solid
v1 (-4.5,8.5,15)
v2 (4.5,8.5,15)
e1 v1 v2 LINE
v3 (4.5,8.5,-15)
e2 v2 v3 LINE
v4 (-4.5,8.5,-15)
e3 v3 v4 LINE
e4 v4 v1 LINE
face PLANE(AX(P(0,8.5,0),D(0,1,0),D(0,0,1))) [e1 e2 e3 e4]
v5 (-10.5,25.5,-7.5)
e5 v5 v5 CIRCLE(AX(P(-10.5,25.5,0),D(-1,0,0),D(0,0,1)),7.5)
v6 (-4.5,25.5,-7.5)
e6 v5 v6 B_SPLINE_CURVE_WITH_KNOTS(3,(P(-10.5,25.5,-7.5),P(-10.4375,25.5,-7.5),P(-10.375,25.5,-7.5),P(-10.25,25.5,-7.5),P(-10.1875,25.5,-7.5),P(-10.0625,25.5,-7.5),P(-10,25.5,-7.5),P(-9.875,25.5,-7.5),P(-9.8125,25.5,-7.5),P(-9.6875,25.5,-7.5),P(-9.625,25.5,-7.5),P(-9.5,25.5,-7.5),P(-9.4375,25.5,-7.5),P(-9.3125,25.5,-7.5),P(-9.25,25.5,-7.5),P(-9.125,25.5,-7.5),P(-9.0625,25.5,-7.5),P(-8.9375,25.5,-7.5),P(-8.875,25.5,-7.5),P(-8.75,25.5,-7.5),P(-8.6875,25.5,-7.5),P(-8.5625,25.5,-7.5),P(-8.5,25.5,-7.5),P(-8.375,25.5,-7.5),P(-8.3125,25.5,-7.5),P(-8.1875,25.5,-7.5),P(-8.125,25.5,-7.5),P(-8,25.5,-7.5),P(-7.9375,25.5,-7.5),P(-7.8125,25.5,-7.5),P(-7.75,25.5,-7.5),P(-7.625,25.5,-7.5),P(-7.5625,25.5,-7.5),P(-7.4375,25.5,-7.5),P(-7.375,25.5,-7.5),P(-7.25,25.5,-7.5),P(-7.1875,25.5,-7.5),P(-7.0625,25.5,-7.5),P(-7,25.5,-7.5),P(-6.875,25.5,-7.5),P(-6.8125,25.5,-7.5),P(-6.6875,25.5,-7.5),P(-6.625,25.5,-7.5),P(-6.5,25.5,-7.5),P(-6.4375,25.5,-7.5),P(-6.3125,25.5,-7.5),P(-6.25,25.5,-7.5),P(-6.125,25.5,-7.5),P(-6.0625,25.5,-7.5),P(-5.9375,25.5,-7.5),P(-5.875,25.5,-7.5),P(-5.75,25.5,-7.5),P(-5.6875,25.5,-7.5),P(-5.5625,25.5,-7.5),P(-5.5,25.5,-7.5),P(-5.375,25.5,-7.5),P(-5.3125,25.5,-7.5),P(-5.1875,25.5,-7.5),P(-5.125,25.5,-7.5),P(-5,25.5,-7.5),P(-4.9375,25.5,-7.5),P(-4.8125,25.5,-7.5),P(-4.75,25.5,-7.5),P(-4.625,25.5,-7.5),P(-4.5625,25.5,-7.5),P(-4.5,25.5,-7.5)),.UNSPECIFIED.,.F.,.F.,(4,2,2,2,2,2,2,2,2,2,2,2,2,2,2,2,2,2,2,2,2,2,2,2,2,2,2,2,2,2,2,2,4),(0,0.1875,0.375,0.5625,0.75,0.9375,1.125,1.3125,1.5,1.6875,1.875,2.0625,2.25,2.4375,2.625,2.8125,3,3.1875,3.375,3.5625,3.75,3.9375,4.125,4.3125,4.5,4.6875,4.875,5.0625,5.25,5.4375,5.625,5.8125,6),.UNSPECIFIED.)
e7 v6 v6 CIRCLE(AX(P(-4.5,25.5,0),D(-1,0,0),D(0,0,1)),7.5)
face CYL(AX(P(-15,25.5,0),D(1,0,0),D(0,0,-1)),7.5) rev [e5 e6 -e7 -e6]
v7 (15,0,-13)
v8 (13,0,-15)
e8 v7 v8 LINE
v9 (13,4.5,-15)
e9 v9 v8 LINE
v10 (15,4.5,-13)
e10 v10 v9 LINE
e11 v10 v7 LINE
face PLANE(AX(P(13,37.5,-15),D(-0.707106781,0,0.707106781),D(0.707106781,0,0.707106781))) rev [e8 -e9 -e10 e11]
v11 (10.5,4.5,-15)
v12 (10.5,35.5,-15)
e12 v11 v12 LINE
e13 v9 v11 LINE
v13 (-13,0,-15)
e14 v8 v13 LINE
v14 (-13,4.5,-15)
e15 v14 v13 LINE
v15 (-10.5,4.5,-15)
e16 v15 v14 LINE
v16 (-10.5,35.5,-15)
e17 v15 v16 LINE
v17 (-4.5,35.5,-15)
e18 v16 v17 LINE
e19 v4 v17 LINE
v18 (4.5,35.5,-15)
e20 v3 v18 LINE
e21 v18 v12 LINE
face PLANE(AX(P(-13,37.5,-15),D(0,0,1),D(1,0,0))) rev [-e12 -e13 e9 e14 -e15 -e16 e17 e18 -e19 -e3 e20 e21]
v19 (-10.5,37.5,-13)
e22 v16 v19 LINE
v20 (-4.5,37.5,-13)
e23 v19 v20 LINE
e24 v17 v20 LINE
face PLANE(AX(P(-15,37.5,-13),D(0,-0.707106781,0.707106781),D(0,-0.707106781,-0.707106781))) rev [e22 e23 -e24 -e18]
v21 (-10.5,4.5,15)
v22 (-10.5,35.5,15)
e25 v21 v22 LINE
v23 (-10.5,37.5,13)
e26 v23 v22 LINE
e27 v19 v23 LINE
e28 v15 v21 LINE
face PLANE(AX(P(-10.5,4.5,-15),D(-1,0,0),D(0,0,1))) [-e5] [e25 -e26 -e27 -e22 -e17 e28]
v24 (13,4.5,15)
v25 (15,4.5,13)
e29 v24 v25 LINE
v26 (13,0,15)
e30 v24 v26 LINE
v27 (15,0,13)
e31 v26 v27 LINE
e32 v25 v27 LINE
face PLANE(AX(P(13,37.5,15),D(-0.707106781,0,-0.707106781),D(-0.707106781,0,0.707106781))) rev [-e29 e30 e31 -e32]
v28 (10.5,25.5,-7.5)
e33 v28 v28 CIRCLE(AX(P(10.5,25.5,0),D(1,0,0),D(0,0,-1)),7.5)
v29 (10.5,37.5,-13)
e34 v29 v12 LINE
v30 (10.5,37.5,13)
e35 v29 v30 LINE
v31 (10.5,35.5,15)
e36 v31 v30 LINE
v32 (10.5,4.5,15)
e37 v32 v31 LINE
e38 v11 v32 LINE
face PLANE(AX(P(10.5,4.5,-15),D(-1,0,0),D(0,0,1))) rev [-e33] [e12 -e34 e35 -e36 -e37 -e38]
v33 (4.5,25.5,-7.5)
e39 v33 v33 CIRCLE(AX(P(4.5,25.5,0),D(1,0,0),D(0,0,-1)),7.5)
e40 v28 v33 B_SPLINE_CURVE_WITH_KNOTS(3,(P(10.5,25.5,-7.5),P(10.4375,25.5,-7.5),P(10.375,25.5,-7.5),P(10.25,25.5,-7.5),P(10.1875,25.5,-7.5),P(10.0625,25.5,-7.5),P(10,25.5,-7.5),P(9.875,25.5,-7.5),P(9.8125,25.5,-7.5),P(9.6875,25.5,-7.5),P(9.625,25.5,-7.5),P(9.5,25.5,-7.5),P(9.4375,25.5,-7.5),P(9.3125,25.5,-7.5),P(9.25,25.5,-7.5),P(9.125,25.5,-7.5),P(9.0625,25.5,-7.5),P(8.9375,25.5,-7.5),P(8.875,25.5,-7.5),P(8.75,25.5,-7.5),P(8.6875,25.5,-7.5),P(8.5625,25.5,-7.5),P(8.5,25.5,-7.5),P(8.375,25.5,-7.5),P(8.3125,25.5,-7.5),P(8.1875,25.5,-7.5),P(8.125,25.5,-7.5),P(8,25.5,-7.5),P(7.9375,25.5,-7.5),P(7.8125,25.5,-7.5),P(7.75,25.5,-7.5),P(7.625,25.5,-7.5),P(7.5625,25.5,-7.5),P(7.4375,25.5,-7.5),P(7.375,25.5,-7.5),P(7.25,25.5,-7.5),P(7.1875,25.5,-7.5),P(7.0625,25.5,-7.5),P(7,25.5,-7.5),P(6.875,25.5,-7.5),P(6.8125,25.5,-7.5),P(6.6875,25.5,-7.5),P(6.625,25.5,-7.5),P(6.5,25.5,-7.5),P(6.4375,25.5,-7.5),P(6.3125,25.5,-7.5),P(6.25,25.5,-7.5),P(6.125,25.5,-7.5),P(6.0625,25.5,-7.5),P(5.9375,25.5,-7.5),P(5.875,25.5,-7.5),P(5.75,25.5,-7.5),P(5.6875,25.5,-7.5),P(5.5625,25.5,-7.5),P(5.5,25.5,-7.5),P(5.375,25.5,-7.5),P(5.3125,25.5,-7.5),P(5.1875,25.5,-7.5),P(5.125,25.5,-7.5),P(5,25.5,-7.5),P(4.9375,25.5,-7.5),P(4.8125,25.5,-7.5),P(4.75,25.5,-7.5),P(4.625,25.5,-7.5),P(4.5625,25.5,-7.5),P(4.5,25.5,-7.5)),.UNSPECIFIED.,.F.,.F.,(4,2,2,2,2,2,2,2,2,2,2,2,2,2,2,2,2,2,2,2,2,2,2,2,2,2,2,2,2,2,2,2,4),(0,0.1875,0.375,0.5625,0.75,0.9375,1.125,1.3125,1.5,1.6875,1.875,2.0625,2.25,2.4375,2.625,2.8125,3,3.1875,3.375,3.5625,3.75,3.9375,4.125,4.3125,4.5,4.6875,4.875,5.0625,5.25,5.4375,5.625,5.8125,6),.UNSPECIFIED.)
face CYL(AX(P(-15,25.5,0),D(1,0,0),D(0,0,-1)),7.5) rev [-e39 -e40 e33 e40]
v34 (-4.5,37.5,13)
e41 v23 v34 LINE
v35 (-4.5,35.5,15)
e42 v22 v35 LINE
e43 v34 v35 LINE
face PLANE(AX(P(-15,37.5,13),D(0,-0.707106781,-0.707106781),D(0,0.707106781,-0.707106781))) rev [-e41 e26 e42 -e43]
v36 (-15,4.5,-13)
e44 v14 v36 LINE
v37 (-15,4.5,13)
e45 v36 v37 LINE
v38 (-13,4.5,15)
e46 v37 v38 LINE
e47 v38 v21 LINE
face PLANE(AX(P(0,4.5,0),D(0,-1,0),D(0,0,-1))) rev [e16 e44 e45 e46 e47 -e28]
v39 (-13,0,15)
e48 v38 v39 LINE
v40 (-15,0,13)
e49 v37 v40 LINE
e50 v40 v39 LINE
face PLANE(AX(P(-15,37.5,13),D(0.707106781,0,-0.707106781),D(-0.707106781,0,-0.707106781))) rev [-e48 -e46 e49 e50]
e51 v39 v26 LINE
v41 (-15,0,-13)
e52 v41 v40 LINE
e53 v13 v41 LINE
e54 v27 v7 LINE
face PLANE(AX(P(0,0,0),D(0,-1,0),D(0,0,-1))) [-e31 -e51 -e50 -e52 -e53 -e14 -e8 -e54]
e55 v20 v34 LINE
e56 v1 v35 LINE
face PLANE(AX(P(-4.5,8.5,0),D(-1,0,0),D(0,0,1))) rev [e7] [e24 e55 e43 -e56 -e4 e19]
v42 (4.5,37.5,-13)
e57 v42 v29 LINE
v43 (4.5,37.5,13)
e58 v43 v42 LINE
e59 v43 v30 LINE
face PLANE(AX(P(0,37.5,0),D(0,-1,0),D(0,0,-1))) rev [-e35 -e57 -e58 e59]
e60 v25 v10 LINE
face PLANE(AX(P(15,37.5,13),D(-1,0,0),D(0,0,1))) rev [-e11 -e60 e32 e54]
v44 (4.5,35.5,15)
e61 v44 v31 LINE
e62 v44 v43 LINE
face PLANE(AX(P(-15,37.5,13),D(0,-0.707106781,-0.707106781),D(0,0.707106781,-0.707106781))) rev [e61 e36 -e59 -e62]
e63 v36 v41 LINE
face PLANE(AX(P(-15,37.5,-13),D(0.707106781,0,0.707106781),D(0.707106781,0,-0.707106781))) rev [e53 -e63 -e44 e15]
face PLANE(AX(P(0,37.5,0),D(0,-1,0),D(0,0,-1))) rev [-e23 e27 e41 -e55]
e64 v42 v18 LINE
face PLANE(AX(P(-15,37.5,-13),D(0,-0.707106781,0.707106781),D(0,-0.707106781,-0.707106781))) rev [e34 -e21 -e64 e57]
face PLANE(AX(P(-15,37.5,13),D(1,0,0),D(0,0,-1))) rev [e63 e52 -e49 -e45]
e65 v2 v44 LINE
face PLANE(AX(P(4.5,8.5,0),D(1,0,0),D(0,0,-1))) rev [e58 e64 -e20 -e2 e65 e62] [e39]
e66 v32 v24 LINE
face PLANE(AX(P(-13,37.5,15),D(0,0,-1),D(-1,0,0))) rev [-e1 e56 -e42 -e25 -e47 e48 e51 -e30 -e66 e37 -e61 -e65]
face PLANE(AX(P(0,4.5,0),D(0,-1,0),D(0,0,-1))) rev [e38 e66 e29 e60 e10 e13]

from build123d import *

# Parameters (mm, degrees)
EXTRUDE_1_DEPTH     = 37.5
CUT_EXTRUDE_1_DEPTH = 33
CUT_EXTRUDE_2_DEPTH = 33
CUT_EXTRUDE_3_DEPTH = 29
SKETCH_12_R         = 7.5
CUT_EXTRUDE_5_DEPTH = 48.765049984
CUT_EXTRUDE_6_DEPTH = 48.765049984
CUT_EXTRUDE_7_DEPTH = 48.765049984


with BuildPart() as part:
    # 草图1 → 凸台-拉伸1 (new body)
    with BuildSketch(Plane(origin=(0, 0, 0), x_dir=(1, 0, 0), z_dir=(0, 1, 0))):
        Polygon((-15, 13), (-13, 15), (13, 15), (15, 13), (15, -13), (13, -15), (-13, -15), (-15, -13), align=None)
    extrude(amount=EXTRUDE_1_DEPTH)

    # 草图2 → 切除-拉伸1 (cut)
    with BuildSketch(Plane(origin=(0, 37.5, 0), x_dir=(1, 0, 0), z_dir=(0, 1, 0))):
        Polygon((-10.5, 15), (-10.5, -15), (-13, -15), (-15, -13), (-15, 13), (-13, 15), align=None)
    extrude(amount=-CUT_EXTRUDE_1_DEPTH, mode=Mode.SUBTRACT)

    # 草图5 → 切除-拉伸2 (cut)
    with BuildSketch(Plane(origin=(0, 37.5, 0), x_dir=(1, 0, 0), z_dir=(0, 1, 0))):
        Polygon((10.5, 15), (10.5, -15), (13, -15), (15, -13), (15, 13), (13, 15), align=None)
    extrude(amount=-CUT_EXTRUDE_2_DEPTH, mode=Mode.SUBTRACT)

    # 草图6 → 切除-拉伸3 (cut)
    with BuildSketch(Plane(origin=(0, 37.5, 0), x_dir=(1, 0, 0), z_dir=(0, 1, 0))):
        Polygon((4.5, 15), (0, 15), (-4.5, 15), (-4.5, -15), (4.5, -15), align=None)
    extrude(amount=-CUT_EXTRUDE_3_DEPTH, mode=Mode.SUBTRACT)

    # 草图12 → 切除-拉伸5 (cut, through all)
    with BuildSketch(Plane(origin=(10.5, 0, 0), x_dir=(0, 0, -1), z_dir=(1, 0, 0))):
        with Locations((0, 25.5)):
            Circle(SKETCH_12_R)
    extrude(amount=-CUT_EXTRUDE_5_DEPTH, mode=Mode.SUBTRACT)

    # 草图14 → 切除-拉伸6 (cut, through all)
    with BuildSketch(Plane(origin=(10.5, 0, 0), x_dir=(0, 0, -1), z_dir=(1, 0, 0))):
        Polygon((-15, 37.5), (-13, 37.5), (-15, 35.5), align=None)
    extrude(amount=-CUT_EXTRUDE_6_DEPTH, mode=Mode.SUBTRACT)

    # 草图15 → 切除-拉伸7 (cut, through all)
    with BuildSketch(Plane(origin=(10.5, 0, 0), x_dir=(0, 0, -1), z_dir=(1, 0, 0))):
        Polygon((15, 37.5), (13, 37.5), (15, 35.5), align=None)
    extrude(amount=-CUT_EXTRUDE_7_DEPTH, mode=Mode.SUBTRACT)


solid = part.part
